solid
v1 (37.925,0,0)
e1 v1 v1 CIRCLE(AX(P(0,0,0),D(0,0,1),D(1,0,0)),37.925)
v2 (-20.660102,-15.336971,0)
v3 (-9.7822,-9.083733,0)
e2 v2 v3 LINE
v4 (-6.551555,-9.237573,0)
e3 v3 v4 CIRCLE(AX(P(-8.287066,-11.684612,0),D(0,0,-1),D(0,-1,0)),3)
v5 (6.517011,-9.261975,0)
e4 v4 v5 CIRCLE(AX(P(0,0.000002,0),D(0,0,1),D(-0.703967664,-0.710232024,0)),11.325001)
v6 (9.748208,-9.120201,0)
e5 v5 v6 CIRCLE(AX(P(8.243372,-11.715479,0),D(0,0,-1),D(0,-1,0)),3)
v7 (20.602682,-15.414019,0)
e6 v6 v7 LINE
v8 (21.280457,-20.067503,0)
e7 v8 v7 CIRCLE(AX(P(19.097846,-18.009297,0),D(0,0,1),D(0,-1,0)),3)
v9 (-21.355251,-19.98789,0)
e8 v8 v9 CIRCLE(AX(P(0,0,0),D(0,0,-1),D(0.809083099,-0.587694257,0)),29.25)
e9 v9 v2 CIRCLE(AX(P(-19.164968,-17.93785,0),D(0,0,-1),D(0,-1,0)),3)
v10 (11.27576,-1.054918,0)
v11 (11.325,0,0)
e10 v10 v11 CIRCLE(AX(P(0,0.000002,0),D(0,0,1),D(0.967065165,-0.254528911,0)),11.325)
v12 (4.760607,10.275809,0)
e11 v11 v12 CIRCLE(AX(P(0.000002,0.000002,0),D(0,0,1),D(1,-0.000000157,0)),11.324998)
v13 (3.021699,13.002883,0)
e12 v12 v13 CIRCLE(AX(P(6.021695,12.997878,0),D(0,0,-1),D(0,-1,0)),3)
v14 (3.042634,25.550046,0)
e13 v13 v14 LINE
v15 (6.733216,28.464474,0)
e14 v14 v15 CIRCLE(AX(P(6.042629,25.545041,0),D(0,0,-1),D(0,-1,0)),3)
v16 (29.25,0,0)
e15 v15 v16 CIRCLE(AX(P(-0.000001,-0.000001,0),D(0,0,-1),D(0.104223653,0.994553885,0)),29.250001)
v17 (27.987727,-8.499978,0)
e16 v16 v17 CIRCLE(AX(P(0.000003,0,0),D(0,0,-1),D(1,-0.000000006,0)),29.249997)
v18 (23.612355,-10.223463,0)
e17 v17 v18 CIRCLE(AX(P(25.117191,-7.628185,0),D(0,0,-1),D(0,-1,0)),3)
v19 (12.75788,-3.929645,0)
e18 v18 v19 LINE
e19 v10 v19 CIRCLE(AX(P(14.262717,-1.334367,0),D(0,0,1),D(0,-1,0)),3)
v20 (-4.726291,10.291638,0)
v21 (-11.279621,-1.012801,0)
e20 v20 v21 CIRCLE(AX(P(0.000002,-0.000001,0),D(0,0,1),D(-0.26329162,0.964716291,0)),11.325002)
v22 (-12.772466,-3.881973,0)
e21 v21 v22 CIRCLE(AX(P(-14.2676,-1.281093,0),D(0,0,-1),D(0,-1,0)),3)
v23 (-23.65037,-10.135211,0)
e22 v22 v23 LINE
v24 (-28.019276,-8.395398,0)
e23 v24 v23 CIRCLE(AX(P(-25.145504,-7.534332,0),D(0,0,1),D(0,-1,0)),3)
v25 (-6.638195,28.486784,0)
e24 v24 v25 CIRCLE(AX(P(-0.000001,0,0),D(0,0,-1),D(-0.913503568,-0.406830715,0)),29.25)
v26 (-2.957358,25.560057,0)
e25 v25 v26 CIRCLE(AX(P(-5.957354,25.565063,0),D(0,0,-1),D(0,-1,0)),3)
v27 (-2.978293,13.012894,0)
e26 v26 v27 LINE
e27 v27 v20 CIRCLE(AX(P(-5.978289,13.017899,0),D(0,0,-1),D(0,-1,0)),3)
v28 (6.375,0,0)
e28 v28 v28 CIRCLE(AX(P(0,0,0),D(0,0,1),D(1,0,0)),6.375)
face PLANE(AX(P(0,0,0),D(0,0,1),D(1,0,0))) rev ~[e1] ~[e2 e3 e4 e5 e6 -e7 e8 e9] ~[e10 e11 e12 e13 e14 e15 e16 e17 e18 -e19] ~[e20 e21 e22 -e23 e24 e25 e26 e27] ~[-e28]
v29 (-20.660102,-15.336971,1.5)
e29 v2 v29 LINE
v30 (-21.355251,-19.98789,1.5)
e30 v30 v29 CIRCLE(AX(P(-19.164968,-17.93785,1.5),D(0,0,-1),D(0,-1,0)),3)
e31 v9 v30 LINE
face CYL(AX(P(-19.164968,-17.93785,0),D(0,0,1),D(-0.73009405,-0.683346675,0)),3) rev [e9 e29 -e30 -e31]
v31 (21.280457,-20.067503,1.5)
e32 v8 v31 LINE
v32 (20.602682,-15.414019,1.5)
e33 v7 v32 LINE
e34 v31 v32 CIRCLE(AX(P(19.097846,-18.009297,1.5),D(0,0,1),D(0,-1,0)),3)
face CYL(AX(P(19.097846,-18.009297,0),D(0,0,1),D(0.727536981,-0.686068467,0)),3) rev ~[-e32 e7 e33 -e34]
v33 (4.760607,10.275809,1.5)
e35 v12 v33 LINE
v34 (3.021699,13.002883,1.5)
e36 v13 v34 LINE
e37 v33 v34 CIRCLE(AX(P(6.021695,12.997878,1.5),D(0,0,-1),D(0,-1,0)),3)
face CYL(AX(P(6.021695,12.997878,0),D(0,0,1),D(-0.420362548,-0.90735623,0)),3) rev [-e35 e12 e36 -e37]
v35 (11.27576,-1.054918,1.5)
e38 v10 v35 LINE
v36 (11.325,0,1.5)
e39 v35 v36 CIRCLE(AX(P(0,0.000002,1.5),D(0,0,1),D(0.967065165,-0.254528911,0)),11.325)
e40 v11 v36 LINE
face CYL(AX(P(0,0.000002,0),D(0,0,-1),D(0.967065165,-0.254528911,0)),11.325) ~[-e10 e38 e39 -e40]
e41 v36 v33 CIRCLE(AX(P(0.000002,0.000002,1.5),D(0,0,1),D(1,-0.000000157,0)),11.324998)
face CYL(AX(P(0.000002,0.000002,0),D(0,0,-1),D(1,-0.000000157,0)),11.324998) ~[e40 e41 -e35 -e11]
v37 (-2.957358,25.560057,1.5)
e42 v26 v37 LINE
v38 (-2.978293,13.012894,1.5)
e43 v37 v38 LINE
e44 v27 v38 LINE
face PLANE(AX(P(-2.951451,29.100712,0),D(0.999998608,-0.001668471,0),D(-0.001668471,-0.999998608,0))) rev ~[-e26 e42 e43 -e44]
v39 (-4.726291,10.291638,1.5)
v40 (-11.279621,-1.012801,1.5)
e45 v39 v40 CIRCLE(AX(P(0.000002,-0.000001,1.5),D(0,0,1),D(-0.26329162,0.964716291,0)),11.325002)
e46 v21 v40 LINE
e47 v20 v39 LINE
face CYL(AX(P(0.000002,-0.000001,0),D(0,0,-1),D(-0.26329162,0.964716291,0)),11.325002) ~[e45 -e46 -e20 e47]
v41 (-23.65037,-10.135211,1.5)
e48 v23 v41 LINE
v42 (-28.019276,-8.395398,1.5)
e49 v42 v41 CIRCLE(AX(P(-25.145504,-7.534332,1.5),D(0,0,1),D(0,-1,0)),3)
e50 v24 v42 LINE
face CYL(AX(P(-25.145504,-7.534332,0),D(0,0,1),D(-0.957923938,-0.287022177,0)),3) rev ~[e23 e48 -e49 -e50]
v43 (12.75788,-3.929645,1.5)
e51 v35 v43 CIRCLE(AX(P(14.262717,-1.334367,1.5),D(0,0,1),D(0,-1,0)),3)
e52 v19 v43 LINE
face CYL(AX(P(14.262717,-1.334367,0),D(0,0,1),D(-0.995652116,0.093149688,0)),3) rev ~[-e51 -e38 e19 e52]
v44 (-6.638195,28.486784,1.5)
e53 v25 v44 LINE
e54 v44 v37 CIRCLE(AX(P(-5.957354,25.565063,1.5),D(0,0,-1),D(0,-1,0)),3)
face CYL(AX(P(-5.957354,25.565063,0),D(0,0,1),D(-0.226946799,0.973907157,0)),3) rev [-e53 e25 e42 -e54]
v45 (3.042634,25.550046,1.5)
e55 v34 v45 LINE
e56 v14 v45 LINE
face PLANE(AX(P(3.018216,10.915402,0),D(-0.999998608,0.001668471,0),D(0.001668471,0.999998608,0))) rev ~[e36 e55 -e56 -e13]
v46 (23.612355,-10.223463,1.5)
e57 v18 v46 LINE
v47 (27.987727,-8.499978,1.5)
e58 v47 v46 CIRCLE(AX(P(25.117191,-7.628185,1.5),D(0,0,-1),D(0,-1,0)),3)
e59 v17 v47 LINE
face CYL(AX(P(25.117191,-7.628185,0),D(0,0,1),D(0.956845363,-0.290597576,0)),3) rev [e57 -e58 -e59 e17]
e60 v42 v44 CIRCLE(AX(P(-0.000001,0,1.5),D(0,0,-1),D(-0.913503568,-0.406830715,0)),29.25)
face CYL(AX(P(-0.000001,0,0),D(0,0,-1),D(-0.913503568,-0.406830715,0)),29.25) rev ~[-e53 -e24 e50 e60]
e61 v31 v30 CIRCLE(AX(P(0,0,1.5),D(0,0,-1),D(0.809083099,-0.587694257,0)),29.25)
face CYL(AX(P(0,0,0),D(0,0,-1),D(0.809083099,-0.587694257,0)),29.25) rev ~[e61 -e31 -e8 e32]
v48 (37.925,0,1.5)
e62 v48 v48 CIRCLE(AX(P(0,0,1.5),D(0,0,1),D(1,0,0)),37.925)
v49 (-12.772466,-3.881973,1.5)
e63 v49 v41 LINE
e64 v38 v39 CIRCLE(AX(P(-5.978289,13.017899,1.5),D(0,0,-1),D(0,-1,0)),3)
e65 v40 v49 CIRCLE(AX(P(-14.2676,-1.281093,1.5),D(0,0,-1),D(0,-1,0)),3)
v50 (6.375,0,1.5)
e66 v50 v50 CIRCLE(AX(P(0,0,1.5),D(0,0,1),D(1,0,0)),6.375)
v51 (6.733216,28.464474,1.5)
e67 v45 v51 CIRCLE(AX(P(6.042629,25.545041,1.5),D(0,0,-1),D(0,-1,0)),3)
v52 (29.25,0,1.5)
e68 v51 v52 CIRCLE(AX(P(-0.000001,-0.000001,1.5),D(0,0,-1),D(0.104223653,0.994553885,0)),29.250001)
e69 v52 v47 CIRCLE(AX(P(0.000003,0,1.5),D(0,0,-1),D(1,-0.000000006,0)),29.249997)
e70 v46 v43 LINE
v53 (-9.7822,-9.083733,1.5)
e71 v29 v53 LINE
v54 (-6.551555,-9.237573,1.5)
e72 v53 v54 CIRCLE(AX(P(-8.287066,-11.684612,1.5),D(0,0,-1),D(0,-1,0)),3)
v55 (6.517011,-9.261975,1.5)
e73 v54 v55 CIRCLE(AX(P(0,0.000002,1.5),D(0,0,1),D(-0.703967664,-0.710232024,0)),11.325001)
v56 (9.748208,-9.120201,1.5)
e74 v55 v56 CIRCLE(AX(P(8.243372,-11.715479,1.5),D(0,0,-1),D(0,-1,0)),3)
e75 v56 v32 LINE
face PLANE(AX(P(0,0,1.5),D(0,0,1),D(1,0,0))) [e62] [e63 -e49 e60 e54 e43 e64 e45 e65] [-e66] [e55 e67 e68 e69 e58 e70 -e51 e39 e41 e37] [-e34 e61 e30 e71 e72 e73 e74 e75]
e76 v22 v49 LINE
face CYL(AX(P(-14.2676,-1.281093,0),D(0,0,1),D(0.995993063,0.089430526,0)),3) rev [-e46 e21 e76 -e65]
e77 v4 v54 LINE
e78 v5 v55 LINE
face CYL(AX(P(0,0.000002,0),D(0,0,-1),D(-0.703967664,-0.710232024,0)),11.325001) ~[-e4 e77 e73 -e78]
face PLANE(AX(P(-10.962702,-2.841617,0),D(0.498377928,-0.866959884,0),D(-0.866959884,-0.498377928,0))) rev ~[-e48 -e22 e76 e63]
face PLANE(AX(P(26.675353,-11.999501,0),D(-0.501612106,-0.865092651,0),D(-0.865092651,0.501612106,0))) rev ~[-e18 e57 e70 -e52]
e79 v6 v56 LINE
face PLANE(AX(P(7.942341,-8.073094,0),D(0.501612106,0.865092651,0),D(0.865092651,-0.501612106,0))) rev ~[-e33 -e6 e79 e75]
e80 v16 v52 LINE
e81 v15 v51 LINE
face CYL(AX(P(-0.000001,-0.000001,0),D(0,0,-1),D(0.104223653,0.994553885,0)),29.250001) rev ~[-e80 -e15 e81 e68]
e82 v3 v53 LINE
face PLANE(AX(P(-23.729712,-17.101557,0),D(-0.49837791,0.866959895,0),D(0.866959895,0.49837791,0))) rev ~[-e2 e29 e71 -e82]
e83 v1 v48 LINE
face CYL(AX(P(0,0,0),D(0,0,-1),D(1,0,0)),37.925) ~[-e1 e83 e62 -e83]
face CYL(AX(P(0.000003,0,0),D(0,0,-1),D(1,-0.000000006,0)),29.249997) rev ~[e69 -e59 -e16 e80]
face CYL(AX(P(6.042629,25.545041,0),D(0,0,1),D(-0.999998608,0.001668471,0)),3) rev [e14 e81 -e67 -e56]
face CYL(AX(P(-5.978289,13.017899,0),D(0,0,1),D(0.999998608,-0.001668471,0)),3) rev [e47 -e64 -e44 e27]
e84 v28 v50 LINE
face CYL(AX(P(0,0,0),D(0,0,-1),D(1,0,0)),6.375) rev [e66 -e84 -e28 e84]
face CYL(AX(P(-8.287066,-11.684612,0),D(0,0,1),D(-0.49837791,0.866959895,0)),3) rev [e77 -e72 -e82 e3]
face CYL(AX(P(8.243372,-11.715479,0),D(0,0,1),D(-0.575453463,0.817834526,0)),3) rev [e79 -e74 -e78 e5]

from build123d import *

# Parameters (mm, degrees)
F0_R     = 37.925
F0_R_2   = 6.375
F1_DEPTH = 1.5
F2_R     = 3


with BuildPart() as f1:
    # F0 (on Top) → F1 (new body)
    with BuildSketch(Plane.XY):
        Circle(F0_R)
        with BuildLine():
            ThreePointArc((3.048541, 29.090701), (21.733986, 19.575401), (29.25, 0))
            ThreePointArc((29.25, 0), (28.599096, -6.136302), (26.675353, -11.999501))
            ThreePointArc((26.675353, -11.999501), (25.30396, -14.672154), (23.665681, -17.190057))
            ThreePointArc((23.665681, -17.190057), (-0.054617, -29.249949), (-23.729712, -17.101557))
            ThreePointArc((-23.729712, -17.101557), (-25.358577, -14.577553), (-26.71998, -11.899798))
            ThreePointArc((-26.71998, -11.899798), (-25.305314, 14.66982), (-2.951451, 29.100712))
            ThreePointArc((-2.951451, 29.100712), (0.048802, 29.249959), (3.048541, 29.090701))
        make_face(mode=Mode.SUBTRACT)
        with BuildLine():
            Line((3.018216, 10.915402), (3.048541, 29.090701))
            ThreePointArc((3.048541, 29.090701), (0.048802, 29.249959), (-2.951451, 29.100712))
            Line((-2.951451, 29.100712), (-2.981776, 10.925413))
            ThreePointArc((-2.981776, 10.925413), (0.018895, 11.324984), (3.018216, 10.915402))
        make_face()
        with BuildLine():
            ThreePointArc((11.325, 0), (9.012129, 6.858365), (3.018216, 10.915402))
            ThreePointArc((3.018216, 10.915402), (0.018895, 11.324984), (-2.981776, 10.925413))
            ThreePointArc((-2.981776, 10.925413), (-9.797698, 5.679853), (-10.962702, -2.841617))
            ThreePointArc((-10.962702, -2.841617), (-9.818321, -5.64413), (-7.972435, -8.043377))
            ThreePointArc((-7.972435, -8.043377), (-0.021147, -11.32498), (7.942341, -8.073094))
            ThreePointArc((7.942341, -8.073094), (9.797174, -5.680757), (10.952013, -2.882538))
            ThreePointArc((10.952013, -2.882538), (11.231366, -1.453285), (11.325, 0))
        make_face()
        Circle(F0_R_2, mode=Mode.SUBTRACT)
        with BuildLine():
            Line((-10.962702, -2.841617), (-26.71998, -11.899798))
            ThreePointArc((-26.71998, -11.899798), (-25.358577, -14.577553), (-23.729712, -17.101557))
            Line((-23.729712, -17.101557), (-7.972435, -8.043377))
            ThreePointArc((-7.972435, -8.043377), (-9.818321, -5.64413), (-10.962702, -2.841617))
        make_face()
        with BuildLine():
            ThreePointArc((23.665681, -17.190057), (25.30396, -14.672154), (26.675353, -11.999501))
            Line((26.675353, -11.999501), (10.952013, -2.882538))
            ThreePointArc((10.952013, -2.882538), (9.797174, -5.680757), (7.942341, -8.073094))
            Line((7.942341, -8.073094), (23.665681, -17.190057))
        make_face()
    extrude(amount=F1_DEPTH)

    # F2
    f2_edges = [f1.edges().sort_by_distance(p)[0] for p in [
        (-7.972435, -8.043377, 0.75),
        (-23.729712, -17.101557, 0.75),
        (7.942341, -8.073094, 0.75),
        (3.048541, 29.090701, 0.75),
        (23.665681, -17.190057, 0.75),
        (26.675353, -11.999501, 0.75),
        (-2.951451, 29.100712, 0.75),
        (-26.71998, -11.899798, 0.75),
        (-2.981776, 10.925413, 0.75),
        (-10.962702, -2.841617, 0.75),
        (10.952013, -2.882538, 0.75),
        (3.018216, 10.915402, 0.75),
    ]]
    fillet(f2_edges, radius=F2_R)


solid = f1.part
